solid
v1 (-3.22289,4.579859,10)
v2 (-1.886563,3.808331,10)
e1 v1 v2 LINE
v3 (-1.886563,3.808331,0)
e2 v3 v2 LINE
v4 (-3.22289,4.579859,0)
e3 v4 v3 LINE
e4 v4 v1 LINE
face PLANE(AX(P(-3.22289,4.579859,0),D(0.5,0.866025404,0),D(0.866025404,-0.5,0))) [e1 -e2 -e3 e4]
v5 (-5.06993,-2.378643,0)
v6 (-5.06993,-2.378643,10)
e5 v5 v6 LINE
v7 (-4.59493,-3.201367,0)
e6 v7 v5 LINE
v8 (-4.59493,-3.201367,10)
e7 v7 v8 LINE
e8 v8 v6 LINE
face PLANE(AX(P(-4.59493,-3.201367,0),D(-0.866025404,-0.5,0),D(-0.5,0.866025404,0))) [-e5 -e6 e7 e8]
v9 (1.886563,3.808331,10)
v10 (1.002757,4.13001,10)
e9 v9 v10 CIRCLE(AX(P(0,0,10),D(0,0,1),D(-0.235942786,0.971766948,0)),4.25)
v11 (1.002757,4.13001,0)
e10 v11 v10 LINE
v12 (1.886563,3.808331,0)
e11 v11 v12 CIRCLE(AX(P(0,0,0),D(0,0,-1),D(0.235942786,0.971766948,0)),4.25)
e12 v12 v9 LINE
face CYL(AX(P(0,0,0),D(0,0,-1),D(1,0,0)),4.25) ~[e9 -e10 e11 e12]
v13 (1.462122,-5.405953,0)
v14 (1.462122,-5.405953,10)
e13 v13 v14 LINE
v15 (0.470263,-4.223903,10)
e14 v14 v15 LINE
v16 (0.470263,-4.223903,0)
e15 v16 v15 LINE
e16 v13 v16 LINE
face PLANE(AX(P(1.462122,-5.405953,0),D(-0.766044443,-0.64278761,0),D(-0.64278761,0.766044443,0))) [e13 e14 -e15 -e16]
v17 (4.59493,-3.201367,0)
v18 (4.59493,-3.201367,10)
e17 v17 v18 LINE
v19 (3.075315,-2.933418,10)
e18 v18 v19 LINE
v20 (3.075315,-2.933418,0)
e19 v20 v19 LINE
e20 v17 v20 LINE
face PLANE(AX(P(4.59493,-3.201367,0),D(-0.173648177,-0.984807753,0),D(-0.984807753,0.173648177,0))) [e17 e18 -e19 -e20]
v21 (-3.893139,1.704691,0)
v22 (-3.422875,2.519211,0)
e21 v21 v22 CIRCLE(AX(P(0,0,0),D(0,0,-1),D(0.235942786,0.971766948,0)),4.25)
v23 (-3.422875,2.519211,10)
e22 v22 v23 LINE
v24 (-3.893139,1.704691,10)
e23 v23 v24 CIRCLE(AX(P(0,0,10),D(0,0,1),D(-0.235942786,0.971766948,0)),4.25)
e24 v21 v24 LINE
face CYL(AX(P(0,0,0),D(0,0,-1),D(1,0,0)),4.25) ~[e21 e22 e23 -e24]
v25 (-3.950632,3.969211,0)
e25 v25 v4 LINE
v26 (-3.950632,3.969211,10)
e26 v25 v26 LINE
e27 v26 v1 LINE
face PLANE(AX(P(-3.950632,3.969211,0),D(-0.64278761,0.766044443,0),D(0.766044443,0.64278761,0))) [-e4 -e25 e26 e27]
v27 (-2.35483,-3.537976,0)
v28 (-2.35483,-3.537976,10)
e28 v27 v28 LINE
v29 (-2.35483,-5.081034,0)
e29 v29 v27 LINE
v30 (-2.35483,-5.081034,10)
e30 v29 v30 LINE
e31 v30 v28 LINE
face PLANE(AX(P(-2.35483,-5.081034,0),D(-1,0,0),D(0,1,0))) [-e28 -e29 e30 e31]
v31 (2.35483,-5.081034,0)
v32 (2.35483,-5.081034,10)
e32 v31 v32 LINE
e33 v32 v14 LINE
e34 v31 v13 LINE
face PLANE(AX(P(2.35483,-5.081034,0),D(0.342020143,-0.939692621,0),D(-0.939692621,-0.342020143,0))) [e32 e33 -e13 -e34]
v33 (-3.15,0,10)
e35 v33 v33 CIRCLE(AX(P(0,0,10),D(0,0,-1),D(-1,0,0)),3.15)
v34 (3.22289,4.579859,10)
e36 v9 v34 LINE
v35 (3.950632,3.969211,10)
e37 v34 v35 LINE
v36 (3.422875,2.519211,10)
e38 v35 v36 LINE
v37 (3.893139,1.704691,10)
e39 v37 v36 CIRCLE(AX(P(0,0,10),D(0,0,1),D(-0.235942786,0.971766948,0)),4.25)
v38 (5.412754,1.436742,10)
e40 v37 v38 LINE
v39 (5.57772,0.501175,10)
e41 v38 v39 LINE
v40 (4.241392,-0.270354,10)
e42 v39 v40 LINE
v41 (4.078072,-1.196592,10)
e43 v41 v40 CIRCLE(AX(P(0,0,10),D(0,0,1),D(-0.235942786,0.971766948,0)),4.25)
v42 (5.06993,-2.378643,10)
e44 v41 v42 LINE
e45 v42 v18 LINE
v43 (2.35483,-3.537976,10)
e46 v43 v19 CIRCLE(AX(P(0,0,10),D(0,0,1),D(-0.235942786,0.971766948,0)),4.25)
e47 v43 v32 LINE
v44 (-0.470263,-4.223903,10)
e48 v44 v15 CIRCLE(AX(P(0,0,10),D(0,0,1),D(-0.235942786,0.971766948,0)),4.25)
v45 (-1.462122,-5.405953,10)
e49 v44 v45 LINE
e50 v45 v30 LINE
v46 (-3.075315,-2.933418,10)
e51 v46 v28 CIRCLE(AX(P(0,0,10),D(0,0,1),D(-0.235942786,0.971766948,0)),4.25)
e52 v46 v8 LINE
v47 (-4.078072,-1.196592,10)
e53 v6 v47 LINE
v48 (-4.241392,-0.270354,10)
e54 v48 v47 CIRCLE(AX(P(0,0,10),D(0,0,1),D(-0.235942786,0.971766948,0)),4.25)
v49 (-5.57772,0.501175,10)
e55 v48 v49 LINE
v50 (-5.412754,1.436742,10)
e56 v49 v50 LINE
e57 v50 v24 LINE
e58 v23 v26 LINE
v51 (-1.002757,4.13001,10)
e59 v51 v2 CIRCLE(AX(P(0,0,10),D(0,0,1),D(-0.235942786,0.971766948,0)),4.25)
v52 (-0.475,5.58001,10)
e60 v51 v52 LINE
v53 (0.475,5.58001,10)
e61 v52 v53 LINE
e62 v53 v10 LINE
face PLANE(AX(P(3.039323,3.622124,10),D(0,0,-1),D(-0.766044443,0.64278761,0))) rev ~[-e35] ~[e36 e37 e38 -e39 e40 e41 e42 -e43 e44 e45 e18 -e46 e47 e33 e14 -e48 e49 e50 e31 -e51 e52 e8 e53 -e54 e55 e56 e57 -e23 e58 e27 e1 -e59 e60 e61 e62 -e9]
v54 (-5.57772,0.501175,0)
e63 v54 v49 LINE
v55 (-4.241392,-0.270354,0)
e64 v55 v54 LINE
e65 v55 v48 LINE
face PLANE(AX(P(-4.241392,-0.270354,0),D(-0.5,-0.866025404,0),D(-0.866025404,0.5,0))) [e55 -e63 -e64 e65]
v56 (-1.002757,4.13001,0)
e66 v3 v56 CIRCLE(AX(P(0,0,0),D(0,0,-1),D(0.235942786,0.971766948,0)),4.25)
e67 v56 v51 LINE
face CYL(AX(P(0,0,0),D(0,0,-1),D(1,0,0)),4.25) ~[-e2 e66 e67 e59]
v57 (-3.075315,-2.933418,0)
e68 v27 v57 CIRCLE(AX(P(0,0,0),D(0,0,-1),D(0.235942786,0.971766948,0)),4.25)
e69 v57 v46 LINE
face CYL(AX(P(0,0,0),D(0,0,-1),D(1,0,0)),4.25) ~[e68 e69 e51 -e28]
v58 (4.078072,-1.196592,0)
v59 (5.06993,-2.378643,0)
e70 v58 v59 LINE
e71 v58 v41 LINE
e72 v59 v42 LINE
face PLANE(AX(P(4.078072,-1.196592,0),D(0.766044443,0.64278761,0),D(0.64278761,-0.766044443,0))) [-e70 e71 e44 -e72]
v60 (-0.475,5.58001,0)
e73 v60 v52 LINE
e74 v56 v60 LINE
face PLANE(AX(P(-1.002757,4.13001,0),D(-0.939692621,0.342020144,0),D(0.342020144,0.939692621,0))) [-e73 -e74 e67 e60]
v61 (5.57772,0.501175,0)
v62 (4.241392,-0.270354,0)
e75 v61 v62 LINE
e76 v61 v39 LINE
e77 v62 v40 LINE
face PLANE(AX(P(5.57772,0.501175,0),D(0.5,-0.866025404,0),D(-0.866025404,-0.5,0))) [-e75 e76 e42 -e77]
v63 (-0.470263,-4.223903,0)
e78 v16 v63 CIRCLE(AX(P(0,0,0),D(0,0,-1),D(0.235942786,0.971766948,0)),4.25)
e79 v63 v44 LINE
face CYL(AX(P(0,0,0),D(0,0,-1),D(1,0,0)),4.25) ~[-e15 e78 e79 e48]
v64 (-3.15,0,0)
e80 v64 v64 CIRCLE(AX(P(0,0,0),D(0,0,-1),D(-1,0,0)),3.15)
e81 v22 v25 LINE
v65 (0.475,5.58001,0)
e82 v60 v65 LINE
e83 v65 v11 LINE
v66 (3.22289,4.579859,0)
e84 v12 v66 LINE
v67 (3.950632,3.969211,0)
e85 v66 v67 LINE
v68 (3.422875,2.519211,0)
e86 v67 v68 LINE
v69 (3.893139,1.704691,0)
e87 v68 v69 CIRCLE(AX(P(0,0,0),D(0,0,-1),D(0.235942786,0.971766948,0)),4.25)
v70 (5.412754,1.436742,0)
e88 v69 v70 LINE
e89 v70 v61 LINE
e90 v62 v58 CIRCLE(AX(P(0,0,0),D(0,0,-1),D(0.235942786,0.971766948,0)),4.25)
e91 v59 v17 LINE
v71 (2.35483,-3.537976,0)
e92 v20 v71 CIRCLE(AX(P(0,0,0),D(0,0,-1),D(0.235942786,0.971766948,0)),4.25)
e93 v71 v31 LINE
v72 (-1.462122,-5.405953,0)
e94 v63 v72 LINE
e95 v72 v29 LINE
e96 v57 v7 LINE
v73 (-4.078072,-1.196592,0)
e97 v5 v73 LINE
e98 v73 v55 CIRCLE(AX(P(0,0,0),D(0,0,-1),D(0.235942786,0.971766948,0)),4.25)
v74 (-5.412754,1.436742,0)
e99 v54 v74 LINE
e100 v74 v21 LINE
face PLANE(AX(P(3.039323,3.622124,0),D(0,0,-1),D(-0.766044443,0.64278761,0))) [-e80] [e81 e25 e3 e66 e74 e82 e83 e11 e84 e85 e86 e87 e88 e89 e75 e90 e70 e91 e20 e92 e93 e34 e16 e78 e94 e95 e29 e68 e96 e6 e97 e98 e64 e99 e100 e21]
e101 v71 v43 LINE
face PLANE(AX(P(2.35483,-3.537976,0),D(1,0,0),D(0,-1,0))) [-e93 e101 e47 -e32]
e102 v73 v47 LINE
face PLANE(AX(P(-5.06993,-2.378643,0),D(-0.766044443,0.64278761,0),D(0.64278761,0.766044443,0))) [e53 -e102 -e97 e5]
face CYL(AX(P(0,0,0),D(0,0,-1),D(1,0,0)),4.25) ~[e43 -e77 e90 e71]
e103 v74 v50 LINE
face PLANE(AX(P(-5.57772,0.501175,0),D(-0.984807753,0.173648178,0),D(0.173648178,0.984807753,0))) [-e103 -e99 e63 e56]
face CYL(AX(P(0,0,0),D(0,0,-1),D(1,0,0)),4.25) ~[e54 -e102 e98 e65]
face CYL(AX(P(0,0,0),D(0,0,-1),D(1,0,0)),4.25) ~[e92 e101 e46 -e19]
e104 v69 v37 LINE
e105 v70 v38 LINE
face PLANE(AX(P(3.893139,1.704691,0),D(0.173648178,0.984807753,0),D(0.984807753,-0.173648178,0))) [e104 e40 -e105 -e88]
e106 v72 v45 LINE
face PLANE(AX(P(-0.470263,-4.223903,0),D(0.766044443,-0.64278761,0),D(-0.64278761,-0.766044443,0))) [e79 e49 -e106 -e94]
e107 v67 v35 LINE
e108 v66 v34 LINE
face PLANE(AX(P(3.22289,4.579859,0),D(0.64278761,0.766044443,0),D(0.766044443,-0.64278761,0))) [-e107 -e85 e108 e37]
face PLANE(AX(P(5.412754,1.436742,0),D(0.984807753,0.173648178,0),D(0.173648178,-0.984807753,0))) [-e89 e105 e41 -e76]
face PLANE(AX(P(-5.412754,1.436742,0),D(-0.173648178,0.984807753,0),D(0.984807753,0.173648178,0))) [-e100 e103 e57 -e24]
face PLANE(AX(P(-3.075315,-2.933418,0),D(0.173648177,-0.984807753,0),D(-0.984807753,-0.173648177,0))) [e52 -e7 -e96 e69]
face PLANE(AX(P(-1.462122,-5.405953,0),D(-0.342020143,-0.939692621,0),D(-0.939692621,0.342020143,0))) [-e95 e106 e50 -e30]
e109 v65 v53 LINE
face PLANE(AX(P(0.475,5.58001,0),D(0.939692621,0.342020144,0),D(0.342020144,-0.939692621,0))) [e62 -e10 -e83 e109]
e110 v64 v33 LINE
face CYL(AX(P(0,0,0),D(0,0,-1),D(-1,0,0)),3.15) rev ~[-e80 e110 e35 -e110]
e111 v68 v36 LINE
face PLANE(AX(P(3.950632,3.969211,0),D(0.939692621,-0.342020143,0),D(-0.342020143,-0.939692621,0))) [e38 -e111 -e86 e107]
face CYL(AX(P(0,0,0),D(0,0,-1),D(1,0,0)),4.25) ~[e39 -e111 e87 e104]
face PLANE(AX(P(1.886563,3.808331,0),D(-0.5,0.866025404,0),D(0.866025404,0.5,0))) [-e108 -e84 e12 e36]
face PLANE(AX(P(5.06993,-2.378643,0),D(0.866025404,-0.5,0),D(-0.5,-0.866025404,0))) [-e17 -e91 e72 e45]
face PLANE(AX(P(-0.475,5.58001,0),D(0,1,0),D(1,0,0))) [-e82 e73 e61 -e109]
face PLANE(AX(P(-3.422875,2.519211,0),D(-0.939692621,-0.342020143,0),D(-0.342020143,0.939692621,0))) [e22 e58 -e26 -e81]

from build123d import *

# Parameters (mm, degrees)
SKETCH1_R         = 4.25
EXTRUDE1_DEPTH    = 10
SKETCH3_R         = 3.15
EXTRUDE2_DEPTH    = 11
EXTRUDE3_DEPTH    = 10
CIRPATTERN1_COUNT = 9


with BuildPart() as part:
    # Sketch1 → Extrude1 (new body)
    with BuildSketch(Plane.XY):
        Circle(SKETCH1_R)
    extrude(amount=EXTRUDE1_DEPTH)

    # Sketch3 → Extrude2 (cut, through all)
    with BuildSketch(Plane(origin=(0, 0, 0), x_dir=(-1, 0, 0), z_dir=(0, 0, -1))):
        Circle(SKETCH3_R)
    extrude(amount=-EXTRUDE2_DEPTH, mode=Mode.SUBTRACT)

    # Sketch4 → Extrude3 (add)
    with BuildSketch(Plane.XY):
        Polygon((-0.475, 5.58000953), (0.475, 5.58000953), (1.00275684, 4.13000953), (-1.00275684, 4.13000953), align=None)
    extrude3 = extrude(amount=EXTRUDE3_DEPTH)

    # CirPattern1: Extrude3 ×9 about axis
    cirpattern1_axis = Axis((0, 0, 0), (0, 0, 1))
    for i in range(1, CIRPATTERN1_COUNT):
        add(extrude3.rotate(cirpattern1_axis, i * 360 / CIRPATTERN1_COUNT))


solid = part.part
